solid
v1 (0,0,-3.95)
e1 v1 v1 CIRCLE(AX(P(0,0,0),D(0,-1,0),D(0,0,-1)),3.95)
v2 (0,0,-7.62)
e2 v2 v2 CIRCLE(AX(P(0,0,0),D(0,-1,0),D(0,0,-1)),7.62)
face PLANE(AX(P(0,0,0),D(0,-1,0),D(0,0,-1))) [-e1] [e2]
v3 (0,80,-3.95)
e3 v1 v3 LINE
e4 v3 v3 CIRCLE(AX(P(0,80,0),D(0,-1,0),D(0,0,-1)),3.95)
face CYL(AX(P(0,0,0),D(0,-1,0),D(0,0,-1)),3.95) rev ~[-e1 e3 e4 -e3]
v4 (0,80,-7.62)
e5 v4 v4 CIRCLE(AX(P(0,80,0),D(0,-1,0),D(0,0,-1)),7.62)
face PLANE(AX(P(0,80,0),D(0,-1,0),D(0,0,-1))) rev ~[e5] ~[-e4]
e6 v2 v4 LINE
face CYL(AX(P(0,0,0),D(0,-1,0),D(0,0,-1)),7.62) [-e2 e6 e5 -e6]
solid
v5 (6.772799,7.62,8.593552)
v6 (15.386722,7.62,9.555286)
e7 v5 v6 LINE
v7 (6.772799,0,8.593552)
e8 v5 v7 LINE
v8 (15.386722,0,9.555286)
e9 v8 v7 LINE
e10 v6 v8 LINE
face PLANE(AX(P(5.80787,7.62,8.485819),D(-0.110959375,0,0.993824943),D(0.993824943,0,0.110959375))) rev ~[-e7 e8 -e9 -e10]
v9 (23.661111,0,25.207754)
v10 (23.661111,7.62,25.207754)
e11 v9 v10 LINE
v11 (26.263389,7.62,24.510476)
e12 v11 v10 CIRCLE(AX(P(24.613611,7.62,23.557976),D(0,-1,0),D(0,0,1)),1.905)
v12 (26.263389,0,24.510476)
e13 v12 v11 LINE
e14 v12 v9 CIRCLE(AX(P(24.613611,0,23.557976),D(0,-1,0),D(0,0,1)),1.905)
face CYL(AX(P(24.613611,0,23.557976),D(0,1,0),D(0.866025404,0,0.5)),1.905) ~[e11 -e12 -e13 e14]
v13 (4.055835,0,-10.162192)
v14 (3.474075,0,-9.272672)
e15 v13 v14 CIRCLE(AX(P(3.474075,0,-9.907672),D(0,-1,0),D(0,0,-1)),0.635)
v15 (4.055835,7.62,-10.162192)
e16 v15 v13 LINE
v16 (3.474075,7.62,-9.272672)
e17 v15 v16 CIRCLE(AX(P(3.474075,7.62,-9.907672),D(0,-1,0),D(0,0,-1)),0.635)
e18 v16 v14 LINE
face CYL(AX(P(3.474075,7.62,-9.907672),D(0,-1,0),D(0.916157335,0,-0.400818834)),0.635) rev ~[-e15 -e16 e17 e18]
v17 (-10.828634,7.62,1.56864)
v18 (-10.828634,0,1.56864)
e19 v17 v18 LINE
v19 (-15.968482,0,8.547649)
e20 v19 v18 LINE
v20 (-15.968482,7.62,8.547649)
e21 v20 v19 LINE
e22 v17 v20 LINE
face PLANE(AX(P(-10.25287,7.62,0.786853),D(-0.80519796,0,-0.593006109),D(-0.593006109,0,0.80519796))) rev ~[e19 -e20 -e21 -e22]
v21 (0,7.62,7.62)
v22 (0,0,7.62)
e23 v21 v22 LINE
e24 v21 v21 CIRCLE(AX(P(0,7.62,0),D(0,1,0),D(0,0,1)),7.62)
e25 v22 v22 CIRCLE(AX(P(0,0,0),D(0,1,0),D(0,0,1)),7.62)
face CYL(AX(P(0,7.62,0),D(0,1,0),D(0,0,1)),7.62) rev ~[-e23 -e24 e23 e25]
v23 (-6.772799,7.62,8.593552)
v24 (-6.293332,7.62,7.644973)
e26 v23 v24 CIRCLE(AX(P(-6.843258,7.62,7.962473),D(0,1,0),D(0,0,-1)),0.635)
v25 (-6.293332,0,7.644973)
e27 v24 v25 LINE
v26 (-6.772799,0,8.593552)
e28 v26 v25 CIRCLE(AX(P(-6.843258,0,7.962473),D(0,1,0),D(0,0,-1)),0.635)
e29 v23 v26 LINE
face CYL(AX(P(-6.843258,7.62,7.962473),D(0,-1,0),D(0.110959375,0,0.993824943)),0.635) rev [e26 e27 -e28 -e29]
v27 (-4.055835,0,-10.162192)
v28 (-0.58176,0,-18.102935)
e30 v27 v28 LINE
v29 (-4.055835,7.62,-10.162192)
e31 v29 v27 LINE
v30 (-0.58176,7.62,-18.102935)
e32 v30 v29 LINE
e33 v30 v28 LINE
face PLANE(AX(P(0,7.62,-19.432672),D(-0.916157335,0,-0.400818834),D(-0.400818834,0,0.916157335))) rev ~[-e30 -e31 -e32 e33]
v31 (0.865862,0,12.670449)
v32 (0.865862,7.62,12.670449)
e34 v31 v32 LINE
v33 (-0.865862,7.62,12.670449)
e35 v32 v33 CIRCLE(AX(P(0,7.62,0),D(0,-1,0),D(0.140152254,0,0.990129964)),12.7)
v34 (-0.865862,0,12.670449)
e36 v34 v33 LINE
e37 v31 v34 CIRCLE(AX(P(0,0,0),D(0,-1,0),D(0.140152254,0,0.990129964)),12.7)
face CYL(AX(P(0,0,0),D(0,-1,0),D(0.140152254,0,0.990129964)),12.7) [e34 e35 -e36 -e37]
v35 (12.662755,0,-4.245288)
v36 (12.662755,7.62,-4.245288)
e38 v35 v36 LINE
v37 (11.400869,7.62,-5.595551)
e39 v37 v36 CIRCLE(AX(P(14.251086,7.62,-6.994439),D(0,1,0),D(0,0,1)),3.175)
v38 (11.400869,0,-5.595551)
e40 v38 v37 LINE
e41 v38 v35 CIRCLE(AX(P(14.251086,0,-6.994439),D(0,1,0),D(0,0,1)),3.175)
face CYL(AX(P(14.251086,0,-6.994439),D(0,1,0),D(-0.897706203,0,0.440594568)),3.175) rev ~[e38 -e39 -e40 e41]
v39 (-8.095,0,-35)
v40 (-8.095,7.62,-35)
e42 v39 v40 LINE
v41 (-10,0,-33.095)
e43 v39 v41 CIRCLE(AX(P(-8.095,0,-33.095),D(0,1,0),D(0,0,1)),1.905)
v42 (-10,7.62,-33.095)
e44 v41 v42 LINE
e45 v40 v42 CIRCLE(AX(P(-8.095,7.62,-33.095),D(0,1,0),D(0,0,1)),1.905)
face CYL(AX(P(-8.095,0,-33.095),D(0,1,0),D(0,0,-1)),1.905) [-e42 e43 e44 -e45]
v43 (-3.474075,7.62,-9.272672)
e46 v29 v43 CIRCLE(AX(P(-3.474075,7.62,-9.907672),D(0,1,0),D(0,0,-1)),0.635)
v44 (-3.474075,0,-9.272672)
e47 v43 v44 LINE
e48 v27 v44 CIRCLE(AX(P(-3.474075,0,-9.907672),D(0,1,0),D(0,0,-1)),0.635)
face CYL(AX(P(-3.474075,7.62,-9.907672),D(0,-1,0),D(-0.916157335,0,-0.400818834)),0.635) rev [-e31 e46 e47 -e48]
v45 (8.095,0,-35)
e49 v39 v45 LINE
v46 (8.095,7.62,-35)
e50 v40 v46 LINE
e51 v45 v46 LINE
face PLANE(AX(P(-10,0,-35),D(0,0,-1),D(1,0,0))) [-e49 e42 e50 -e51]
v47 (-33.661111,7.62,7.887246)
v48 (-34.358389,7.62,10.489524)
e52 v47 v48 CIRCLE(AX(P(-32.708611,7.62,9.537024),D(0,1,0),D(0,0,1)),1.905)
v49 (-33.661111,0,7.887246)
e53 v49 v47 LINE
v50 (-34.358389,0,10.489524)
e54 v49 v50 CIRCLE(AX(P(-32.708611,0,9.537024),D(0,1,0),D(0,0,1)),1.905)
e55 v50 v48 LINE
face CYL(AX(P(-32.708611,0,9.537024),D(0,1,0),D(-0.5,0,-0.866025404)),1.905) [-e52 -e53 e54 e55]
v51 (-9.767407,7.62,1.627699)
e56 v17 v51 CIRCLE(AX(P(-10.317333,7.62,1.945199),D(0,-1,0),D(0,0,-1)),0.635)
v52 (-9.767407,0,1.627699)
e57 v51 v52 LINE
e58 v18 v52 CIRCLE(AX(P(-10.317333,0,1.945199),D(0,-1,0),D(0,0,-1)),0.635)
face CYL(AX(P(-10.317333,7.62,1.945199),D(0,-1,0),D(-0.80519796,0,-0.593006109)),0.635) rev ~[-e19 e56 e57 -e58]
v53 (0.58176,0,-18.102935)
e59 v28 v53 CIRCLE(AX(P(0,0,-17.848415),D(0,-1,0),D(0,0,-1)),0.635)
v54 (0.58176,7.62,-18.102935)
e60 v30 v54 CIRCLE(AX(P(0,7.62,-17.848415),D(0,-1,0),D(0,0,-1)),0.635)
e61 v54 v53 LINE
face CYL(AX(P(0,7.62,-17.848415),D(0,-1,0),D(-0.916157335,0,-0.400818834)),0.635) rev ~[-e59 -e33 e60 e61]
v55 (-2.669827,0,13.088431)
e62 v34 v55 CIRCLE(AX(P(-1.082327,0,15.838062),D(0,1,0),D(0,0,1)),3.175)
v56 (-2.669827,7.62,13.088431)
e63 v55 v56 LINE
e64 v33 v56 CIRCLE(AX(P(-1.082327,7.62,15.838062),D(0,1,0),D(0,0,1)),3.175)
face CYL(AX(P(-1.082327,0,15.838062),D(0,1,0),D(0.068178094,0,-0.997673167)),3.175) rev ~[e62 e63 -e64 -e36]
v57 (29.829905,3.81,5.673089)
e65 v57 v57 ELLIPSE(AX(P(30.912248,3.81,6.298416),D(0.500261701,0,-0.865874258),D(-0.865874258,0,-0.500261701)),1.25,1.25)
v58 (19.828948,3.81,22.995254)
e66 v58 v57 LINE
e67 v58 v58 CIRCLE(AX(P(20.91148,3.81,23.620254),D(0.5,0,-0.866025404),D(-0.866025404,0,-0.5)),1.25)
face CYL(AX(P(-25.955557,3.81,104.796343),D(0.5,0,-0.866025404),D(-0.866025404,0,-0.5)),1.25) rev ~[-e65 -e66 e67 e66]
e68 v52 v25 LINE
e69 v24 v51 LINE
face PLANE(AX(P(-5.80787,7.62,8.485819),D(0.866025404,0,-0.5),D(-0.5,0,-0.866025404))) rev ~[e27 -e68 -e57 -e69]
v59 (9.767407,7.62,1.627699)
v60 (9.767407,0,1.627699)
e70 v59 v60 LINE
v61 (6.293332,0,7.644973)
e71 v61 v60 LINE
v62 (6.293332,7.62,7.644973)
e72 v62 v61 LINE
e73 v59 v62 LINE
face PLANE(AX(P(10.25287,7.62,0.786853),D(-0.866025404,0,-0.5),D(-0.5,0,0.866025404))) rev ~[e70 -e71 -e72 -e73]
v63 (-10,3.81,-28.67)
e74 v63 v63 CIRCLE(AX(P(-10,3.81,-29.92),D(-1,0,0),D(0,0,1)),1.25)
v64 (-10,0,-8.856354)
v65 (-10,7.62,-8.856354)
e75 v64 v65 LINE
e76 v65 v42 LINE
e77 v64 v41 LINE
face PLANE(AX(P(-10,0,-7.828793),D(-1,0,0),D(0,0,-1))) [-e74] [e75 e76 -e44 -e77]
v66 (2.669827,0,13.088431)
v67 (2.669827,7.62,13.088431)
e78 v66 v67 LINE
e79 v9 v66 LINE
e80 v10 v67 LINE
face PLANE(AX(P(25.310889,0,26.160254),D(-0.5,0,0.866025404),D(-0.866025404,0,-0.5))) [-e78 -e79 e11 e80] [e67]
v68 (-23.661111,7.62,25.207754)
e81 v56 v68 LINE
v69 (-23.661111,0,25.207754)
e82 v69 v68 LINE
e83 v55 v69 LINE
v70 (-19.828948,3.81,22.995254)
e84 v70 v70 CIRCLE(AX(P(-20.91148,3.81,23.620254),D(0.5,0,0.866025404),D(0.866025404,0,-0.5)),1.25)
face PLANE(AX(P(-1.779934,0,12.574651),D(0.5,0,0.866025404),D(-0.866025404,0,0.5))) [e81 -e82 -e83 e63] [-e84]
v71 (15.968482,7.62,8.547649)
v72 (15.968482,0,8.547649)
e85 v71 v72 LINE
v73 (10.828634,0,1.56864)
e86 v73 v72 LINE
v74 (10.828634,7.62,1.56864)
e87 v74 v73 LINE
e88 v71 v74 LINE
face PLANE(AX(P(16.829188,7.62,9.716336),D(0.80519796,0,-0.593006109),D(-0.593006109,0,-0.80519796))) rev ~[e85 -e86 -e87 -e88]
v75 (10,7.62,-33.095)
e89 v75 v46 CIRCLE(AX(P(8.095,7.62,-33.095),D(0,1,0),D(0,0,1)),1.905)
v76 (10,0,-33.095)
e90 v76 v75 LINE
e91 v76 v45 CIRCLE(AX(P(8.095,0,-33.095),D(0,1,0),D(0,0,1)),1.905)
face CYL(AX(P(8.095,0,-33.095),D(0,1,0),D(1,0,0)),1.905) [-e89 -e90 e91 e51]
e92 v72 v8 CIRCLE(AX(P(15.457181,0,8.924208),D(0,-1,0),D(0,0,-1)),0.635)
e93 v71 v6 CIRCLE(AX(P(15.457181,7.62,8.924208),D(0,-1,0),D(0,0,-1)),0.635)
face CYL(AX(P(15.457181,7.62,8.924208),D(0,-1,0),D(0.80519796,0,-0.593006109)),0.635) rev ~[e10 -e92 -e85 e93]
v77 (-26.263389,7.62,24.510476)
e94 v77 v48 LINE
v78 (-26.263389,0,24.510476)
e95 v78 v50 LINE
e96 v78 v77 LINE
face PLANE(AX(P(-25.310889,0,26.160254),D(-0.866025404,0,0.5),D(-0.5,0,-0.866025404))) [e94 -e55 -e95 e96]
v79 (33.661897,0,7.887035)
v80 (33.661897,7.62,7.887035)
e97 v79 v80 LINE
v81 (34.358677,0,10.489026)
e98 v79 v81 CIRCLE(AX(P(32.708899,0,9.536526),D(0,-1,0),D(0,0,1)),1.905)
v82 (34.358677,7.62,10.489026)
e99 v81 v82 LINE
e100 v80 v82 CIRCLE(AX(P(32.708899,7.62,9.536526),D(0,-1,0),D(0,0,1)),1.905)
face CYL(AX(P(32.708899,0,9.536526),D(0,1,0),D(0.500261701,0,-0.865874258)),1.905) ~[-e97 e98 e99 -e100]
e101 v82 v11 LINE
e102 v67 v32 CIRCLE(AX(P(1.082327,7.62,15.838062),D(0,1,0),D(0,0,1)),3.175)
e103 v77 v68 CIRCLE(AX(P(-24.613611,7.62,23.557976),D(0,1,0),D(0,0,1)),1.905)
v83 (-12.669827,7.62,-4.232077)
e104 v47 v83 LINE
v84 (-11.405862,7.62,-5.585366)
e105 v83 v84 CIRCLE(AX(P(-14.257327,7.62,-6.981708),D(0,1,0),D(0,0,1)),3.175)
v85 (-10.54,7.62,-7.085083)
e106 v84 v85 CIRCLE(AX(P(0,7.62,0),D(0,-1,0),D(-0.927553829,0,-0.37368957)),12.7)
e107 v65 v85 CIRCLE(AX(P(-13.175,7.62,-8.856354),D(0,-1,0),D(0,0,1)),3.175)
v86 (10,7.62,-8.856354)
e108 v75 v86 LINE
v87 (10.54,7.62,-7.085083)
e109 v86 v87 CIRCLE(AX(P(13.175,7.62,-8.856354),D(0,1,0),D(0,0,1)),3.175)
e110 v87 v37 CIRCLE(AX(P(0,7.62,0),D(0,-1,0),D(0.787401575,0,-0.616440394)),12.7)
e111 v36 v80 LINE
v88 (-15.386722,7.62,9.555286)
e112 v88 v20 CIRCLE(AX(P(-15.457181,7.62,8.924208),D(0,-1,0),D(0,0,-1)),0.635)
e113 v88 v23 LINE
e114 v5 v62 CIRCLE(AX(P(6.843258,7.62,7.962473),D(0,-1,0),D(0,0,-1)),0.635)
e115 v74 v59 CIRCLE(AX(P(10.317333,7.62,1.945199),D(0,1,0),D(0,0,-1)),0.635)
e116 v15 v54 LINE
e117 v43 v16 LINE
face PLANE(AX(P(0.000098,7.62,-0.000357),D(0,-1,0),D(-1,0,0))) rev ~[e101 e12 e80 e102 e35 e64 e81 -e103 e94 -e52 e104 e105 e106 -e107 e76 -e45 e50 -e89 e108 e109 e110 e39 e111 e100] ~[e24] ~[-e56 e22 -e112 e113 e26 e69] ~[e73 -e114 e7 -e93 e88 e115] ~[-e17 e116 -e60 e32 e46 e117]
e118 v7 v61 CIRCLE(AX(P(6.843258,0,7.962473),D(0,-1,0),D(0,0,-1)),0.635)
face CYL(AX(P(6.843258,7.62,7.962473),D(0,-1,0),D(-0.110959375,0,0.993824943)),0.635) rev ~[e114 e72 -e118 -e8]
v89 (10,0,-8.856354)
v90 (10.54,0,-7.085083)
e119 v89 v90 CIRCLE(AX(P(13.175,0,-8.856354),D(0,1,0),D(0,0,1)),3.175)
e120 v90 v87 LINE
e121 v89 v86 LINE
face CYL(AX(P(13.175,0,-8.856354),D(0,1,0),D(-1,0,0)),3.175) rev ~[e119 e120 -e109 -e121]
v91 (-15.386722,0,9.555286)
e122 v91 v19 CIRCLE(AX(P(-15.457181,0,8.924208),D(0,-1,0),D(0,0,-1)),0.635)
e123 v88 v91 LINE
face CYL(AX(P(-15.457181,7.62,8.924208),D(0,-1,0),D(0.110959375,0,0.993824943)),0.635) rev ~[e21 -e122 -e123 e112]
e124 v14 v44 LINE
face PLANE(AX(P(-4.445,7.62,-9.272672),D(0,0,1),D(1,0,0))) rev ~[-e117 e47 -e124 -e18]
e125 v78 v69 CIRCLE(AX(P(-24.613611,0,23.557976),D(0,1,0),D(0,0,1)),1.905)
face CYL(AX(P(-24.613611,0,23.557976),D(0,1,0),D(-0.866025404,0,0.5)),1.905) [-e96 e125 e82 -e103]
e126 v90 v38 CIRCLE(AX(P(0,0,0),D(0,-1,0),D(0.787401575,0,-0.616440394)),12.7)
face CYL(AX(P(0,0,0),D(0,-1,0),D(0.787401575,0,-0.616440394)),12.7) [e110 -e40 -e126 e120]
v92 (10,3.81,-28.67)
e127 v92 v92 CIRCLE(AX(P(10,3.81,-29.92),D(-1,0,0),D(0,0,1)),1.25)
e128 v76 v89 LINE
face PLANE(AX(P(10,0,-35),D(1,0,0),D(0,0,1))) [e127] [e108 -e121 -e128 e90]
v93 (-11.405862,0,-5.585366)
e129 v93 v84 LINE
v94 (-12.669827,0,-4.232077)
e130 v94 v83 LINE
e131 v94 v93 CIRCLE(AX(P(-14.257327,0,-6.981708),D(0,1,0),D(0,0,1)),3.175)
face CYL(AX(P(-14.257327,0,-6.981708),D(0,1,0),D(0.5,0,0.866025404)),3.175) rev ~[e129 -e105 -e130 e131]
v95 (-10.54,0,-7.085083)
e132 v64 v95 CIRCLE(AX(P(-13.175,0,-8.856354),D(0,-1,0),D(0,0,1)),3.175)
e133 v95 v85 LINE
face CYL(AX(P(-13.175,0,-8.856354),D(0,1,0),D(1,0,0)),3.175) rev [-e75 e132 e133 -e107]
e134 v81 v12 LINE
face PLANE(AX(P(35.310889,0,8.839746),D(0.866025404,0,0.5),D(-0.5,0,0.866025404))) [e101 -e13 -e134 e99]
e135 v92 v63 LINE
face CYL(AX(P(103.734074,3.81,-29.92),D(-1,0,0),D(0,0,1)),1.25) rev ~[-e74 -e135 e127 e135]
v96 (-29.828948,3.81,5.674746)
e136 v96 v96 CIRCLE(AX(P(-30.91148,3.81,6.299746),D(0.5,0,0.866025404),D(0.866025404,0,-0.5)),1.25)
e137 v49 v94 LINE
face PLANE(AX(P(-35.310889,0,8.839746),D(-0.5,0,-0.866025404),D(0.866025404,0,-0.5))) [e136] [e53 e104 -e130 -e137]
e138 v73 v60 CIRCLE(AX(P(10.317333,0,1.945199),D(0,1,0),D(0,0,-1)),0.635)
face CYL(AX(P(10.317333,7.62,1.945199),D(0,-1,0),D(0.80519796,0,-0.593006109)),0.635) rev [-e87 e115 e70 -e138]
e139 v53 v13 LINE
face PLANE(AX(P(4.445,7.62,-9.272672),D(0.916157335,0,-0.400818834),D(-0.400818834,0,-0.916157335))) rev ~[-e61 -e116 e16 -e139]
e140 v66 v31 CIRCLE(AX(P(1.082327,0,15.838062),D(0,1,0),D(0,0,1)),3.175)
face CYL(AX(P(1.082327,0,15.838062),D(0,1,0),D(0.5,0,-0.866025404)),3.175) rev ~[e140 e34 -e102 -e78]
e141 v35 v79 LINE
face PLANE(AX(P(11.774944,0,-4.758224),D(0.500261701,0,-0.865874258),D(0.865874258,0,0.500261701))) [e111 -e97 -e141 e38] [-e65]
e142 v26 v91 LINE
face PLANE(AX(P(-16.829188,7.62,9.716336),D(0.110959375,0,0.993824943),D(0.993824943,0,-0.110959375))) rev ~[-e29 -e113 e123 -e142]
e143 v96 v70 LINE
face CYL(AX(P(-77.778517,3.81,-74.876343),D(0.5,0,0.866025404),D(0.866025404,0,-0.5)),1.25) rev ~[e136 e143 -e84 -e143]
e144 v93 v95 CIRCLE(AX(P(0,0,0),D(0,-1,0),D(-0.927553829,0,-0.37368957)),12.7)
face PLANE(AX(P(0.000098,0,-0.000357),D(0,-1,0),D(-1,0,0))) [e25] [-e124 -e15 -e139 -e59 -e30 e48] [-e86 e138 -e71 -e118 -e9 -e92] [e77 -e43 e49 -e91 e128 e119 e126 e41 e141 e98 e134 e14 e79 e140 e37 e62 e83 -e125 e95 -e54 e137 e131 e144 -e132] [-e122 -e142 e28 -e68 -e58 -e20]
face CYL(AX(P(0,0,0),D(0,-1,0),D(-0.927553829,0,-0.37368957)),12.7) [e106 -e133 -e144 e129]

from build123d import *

# Parameters (mm, degrees)
BOSS_EXTRUDE1_DEPTH      = 7.62
M3X0_5_TAPPED_HOLE2_D    = 2.5
M3X0_5_TAPPED_HOLE3_D    = 2.5
M3X0_5_TAPPED_HOLE4_D    = 2.5
FILLET1_R                = 3.175
SKETCH10_R               = 7.62
CUT_EXTRUDE1_DEPTH       = 51.298342829
CUT_EXTRUDE2_DEPTH       = 51.298342829
FILLET2_R                = 0.635
CIRPATTERN1_COUNT        = 2
CIRPATTERN1_ANGLE        = 120
FILLET2_OF_CIRPATTERN1_R = 0.635
CIRPATTERN5_COUNT        = 2
CIRPATTERN5_ANGLE        = 240
FILLET2_OF_CIRPATTERN5_R = 0.635
FILLET3_R                = 1.905
SKETCH12_R               = 7.62
BOSS_EXTRUDE3_DEPTH      = 80
SKETCH14_R               = 3.95
CUT_EXTRUDE3_DEPTH       = 94.931474879


with BuildPart() as part:
    # Sketch1 → Boss-Extrude1 (new body)
    with BuildSketch(Plane(origin=(0, 0, 0), x_dir=(1, 0, 0), z_dir=(0, 1, 0))):
        with BuildLine():
            Line((0, 35), (10, 35))
            Line((10, 35), (10, 7.82879301))
            ThreePointArc((10, 7.82879301), (10.995187387, 6.355773306), (11.774944022, 4.758223752))
            Line((11.774944022, 4.758223752), (35.310889132, -8.839745962))
            Line((35.310889132, -8.839745962), (30.310889132, -17.5))
            Line((30.310889132, -17.5), (25.310889132, -26.160254038))
            Line((25.310889132, -26.160254038), (1.779933628, -12.574650543))
            ThreePointArc((1.779933628, -12.574650543), (0, -12.7), (-1.779933628, -12.574650543))
            Line((-1.779933628, -12.574650543), (-25.310889132, -26.160254038))
            Line((-25.310889132, -26.160254038), (-30.310889132, -17.5))
            Line((-30.310889132, -17.5), (-35.310889132, -8.839745962))
            Line((-35.310889132, -8.839745962), (-11.779933628, 4.745857533))
            ThreePointArc((-11.779933628, 4.745857533), (-10.998522628, 6.35), (-10, 7.82879301))
            Line((-10, 7.82879301), (-10, 35))
            Line((-10, 35), (0, 35))
        make_face()
    extrude(amount=BOSS_EXTRUDE1_DEPTH)

    # M3x0.5 Tapped Hole2 (through all)
    with Locations(Plane(origin=(10, 0, 0), x_dir=(0, 0, -1), z_dir=(1, 0, 0))):
        with Locations((29.92, 3.81)):
            Hole(M3X0_5_TAPPED_HOLE2_D / 2)

    # M3x0.5 Tapped Hole3 (through all)
    with Locations(Plane(origin=(-5, 0, -8.660254038), x_dir=(-0.8660254037844434, 0, 0.499999999999992), z_dir=(-0.499999999999992, 0, -0.8660254037844434))):
        with Locations((29.92, 3.81)):
            Hole(M3X0_5_TAPPED_HOLE3_D / 2)

    # M3x0.5 Tapped Hole4 (through all)
    with Locations(Plane(origin=(-5, 0, 8.660254038), x_dir=(0.8660254037844398, 0, 0.49999999999999795), z_dir=(-0.49999999999999795, 0, 0.8660254037844398))):
        with Locations((29.92, 3.81)):
            Hole(M3X0_5_TAPPED_HOLE4_D / 2)

    # Fillet1
    fillet1_edges = [part.edges().sort_by_distance(p)[0] for p in [
        (10, 3.81, -7.82879301),
        (11.774944022, 3.81, -4.758223752),
        (1.779933628, 3.81, 12.574650543),
        (-1.779933628, 3.81, 12.574650543),
        (-11.779933628, 3.81, -4.745857533),
        (-10, 3.81, -7.82879301),
    ]]
    fillet(fillet1_edges, radius=FILLET1_R)

    # Sketch10 → Cut-Extrude1 (cut, through all)
    with BuildSketch(Plane(origin=(0, 7.62, 0), x_dir=(1, 0, 0), z_dir=(0, 1, 0))):
        with Locations(Location((0, 0, 0), (0, 0, 270))):
            Circle(SKETCH10_R)
    extrude(amount=-CUT_EXTRUDE1_DEPTH, mode=Mode.SUBTRACT)

    # Sketch11 → Cut-Extrude2 (cut, through all)
    with BuildSketch(Plane(origin=(0, 7.62, 0), x_dir=(1, 0, 0), z_dir=(0, 1, 0))):
        Polygon((0, 19.432672172), (-4.445, 9.272672172), (4.445, 9.272672172), align=None)
    cut_extrude2 = extrude(amount=-CUT_EXTRUDE2_DEPTH, mode=Mode.SUBTRACT)

    # Fillet2
    fillet2_edges = [part.edges().sort_by_distance(p)[0] for p in [
        (0, 3.81, -19.432672172),
        (4.445, 3.81, -9.272672172),
        (-4.445, 3.81, -9.272672172),
    ]]
    fillet(fillet2_edges, radius=FILLET2_R)

    # CirPattern1: Cut-Extrude2 ×2 about axis
    cirpattern1_axis = Axis((0, 0, 0), (0, 1, 0))
    for i in range(1, CIRPATTERN1_COUNT):
        add(cut_extrude2.rotate(cirpattern1_axis, i * CIRPATTERN1_ANGLE / (CIRPATTERN1_COUNT - 1)), mode=Mode.SUBTRACT)

    # Fillet2 of CirPattern1
    fillet2_of_cirpattern1_edges = [part.edges().sort_by_distance(p)[0] for p in [
        (-16.829187764, 3.81, 9.716336086),
        (-10.252869662, 3.81, 0.786853166),
        (-5.807869662, 3.81, 8.485819006),
    ]]
    fillet(fillet2_of_cirpattern1_edges, radius=FILLET2_OF_CIRPATTERN1_R)

    # CirPattern5: Cut-Extrude2 ×2 about axis
    cirpattern5_axis = Axis((0, 0, 0), (0, 1, 0))
    for i in range(1, CIRPATTERN5_COUNT):
        add(cut_extrude2.rotate(cirpattern5_axis, i * CIRPATTERN5_ANGLE / (CIRPATTERN5_COUNT - 1)), mode=Mode.SUBTRACT)

    # Fillet2 of CirPattern5
    fillet2_of_cirpattern5_edges = [part.edges().sort_by_distance(p)[0] for p in [
        (16.829187764, 3.81, 9.716336086),
        (5.807869662, 3.81, 8.485819006),
        (10.252869662, 3.81, 0.786853166),
    ]]
    fillet(fillet2_of_cirpattern5_edges, radius=FILLET2_OF_CIRPATTERN5_R)

    # Fillet3
    fillet3_edges = [part.edges().sort_by_distance(p)[0] for p in [
        (10, 3.81, -35),
        (35.310889132, 3.81, 8.839745962),
        (25.310889132, 3.81, 26.160254038),
        (-25.310889132, 3.81, 26.160254038),
        (-35.310889132, 3.81, 8.839745962),
        (-10, 3.81, -35),
    ]]
    fillet(fillet3_edges, radius=FILLET3_R)


with BuildPart() as body_2:
    # Sketch12 → Boss-Extrude3 (new body)
    with BuildSketch(Plane.XZ):
        with Locations(Location((0, 0, 0), (0, 0, 270))):
            Circle(SKETCH12_R)
    extrude(amount=-BOSS_EXTRUDE3_DEPTH)

    # Sketch14 → Cut-Extrude3 (cut, through all)
    with BuildSketch(Plane.XZ):
        with Locations(Location((0, 0, 0), (0, 0, 270))):
            Circle(SKETCH14_R)
    extrude(amount=-CUT_EXTRUDE3_DEPTH, mode=Mode.SUBTRACT)


solid = Compound([part.part, body_2.part])
